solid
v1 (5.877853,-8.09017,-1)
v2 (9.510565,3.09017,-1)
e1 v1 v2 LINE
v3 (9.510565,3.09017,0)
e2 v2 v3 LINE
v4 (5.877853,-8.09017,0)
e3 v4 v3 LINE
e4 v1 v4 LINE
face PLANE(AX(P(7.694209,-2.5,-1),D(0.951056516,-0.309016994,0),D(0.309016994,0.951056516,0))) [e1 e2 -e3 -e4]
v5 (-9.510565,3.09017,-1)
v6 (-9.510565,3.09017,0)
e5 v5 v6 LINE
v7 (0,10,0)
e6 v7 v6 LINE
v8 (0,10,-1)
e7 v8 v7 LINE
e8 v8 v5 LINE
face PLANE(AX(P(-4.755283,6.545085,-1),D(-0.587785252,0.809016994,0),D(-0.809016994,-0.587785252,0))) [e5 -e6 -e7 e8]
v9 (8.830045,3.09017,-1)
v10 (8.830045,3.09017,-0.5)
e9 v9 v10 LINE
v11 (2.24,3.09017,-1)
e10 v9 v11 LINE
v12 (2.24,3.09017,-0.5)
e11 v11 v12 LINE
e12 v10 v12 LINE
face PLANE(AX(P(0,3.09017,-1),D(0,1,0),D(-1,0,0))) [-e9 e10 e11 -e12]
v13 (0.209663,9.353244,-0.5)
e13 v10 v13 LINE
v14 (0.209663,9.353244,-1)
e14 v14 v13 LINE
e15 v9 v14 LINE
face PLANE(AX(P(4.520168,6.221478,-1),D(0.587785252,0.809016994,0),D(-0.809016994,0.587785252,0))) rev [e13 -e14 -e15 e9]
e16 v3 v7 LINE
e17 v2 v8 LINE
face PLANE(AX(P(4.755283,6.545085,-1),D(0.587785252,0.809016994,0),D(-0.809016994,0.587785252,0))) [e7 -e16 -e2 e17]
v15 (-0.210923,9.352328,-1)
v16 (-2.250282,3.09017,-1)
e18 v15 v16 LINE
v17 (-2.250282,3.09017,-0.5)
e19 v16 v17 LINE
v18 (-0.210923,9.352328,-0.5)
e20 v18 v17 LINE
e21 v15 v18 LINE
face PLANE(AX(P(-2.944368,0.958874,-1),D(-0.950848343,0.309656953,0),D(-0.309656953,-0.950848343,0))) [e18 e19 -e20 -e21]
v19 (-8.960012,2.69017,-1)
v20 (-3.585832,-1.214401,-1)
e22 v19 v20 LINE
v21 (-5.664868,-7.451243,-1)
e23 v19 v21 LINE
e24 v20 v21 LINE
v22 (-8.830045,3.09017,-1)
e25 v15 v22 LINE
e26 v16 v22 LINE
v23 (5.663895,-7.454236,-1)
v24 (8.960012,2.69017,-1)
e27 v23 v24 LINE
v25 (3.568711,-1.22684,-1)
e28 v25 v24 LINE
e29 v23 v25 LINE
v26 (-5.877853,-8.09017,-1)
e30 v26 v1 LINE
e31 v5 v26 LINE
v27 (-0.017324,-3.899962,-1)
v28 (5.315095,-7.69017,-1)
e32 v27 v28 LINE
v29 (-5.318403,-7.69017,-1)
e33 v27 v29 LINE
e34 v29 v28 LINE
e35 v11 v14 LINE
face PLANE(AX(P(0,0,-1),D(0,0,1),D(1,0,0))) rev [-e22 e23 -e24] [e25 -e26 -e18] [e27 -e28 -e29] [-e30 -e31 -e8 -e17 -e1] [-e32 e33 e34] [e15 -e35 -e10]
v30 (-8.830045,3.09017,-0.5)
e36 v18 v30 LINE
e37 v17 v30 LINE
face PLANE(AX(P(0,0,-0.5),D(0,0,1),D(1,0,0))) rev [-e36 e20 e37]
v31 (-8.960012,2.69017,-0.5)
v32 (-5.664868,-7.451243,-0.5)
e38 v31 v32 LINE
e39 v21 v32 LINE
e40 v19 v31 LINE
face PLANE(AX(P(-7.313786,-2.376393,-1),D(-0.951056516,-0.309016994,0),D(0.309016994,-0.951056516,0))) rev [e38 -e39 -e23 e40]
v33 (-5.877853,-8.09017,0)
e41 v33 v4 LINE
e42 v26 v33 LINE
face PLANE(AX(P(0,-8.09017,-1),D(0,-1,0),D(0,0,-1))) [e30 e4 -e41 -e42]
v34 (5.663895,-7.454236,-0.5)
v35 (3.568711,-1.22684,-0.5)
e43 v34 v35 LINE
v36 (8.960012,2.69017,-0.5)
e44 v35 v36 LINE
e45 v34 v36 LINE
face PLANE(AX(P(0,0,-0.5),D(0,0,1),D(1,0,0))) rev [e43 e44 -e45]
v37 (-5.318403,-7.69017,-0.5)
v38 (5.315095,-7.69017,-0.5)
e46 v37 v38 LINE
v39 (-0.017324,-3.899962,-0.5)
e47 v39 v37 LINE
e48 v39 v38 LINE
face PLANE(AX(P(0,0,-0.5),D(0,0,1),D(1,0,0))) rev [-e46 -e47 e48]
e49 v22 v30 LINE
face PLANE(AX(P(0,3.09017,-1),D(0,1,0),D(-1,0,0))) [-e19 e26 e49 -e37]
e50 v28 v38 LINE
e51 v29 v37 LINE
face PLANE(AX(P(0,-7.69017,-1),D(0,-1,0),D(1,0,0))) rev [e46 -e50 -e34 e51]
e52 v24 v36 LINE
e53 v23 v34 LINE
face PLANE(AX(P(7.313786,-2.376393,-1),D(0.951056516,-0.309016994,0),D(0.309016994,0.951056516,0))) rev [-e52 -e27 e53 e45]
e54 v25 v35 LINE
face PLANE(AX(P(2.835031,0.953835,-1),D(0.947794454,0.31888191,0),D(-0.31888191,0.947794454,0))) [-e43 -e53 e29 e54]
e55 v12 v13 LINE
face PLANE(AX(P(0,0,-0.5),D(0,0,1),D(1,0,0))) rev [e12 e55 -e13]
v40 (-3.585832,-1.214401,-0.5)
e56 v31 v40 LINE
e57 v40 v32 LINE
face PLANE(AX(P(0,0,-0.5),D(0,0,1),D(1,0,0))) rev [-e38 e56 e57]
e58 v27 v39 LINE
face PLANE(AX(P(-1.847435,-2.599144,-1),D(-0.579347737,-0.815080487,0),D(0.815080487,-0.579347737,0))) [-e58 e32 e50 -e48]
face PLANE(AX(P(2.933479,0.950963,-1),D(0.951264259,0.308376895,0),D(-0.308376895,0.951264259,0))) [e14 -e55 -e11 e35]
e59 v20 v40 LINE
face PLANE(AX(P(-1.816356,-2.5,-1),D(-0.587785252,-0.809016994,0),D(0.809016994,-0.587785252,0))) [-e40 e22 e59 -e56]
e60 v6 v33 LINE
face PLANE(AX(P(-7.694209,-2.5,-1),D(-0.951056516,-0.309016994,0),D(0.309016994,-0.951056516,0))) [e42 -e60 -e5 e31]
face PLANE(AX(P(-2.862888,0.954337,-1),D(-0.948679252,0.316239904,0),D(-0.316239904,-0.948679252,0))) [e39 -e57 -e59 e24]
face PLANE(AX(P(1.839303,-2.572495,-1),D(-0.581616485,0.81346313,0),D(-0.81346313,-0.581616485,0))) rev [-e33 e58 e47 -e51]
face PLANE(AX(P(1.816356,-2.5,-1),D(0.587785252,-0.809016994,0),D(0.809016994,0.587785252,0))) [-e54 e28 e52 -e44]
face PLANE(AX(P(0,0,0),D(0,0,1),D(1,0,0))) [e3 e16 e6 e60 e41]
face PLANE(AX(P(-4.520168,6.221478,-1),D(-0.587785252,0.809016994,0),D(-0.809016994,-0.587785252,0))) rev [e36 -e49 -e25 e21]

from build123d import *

# Parameters (mm, degrees)
SALIENTE_EXTRUIR1_DEPTH = 1
SALIENTE_EXTRUIR2_DEPTH = 0.5


with BuildPart() as part:
    # Croquis1 → Saliente-Extruir1 (new body)
    with BuildSketch(Plane.XY):
        Polygon((5.877852523, -8.090169944), (9.510565163, 3.090169944), (0, 10), (-9.510565163, 3.090169944), (-5.877852523, -8.090169944), align=None)
        Polygon((9.040336961, 2.937383539), (0, 9.505572809), (-9.040336961, 2.937383539), (-5.587235512, -7.690169944), (5.587235512, -7.690169944), align=None, mode=Mode.SUBTRACT)
        Polygon((0.20966269, 9.353243948), (0, 9.505572809), (-0.210923368, 9.352328012), (-2.250282014, 3.090169944), (-8.830044516, 3.090169944), (-9.040336961, 2.937383539), (-8.960012395, 2.690169944), (-3.585831742, -1.214400854), (-5.664867685, -7.451242681), (-5.587235512, -7.690169944), (-5.318402678, -7.690169944), (-0.017323898, -3.899961523), (5.315095177, -7.690169944), (5.587235512, -7.690169944), (5.66389501, -7.454236269), (3.568710751, -1.226839982), (8.960012395, 2.690169944), (9.040336961, 2.937383539), (8.830044516, 3.090169944), (2.24, 3.090169944), align=None)
    extrude(amount=-SALIENTE_EXTRUIR1_DEPTH)

    # Croquis1_3 → Saliente-Extruir2 (add)
    with BuildSketch(Plane.XY):
        Polygon((8.830044516, 3.090169944), (0.20966269, 9.353243948), (2.24, 3.090169944), align=None)
        Polygon((-2.250282014, 3.090169944), (-0.210923368, 9.352328012), (-8.830044516, 3.090169944), align=None)
        Polygon((-3.585831742, -1.214400854), (-8.960012395, 2.690169944), (-5.664867685, -7.451242681), align=None)
        Polygon((-0.017323898, -3.899961523), (-5.318402678, -7.690169944), (5.315095177, -7.690169944), align=None)
        Polygon((5.66389501, -7.454236269), (8.960012395, 2.690169944), (3.568710751, -1.226839982), align=None)
    extrude(amount=-SALIENTE_EXTRUIR2_DEPTH)


solid = part.part
